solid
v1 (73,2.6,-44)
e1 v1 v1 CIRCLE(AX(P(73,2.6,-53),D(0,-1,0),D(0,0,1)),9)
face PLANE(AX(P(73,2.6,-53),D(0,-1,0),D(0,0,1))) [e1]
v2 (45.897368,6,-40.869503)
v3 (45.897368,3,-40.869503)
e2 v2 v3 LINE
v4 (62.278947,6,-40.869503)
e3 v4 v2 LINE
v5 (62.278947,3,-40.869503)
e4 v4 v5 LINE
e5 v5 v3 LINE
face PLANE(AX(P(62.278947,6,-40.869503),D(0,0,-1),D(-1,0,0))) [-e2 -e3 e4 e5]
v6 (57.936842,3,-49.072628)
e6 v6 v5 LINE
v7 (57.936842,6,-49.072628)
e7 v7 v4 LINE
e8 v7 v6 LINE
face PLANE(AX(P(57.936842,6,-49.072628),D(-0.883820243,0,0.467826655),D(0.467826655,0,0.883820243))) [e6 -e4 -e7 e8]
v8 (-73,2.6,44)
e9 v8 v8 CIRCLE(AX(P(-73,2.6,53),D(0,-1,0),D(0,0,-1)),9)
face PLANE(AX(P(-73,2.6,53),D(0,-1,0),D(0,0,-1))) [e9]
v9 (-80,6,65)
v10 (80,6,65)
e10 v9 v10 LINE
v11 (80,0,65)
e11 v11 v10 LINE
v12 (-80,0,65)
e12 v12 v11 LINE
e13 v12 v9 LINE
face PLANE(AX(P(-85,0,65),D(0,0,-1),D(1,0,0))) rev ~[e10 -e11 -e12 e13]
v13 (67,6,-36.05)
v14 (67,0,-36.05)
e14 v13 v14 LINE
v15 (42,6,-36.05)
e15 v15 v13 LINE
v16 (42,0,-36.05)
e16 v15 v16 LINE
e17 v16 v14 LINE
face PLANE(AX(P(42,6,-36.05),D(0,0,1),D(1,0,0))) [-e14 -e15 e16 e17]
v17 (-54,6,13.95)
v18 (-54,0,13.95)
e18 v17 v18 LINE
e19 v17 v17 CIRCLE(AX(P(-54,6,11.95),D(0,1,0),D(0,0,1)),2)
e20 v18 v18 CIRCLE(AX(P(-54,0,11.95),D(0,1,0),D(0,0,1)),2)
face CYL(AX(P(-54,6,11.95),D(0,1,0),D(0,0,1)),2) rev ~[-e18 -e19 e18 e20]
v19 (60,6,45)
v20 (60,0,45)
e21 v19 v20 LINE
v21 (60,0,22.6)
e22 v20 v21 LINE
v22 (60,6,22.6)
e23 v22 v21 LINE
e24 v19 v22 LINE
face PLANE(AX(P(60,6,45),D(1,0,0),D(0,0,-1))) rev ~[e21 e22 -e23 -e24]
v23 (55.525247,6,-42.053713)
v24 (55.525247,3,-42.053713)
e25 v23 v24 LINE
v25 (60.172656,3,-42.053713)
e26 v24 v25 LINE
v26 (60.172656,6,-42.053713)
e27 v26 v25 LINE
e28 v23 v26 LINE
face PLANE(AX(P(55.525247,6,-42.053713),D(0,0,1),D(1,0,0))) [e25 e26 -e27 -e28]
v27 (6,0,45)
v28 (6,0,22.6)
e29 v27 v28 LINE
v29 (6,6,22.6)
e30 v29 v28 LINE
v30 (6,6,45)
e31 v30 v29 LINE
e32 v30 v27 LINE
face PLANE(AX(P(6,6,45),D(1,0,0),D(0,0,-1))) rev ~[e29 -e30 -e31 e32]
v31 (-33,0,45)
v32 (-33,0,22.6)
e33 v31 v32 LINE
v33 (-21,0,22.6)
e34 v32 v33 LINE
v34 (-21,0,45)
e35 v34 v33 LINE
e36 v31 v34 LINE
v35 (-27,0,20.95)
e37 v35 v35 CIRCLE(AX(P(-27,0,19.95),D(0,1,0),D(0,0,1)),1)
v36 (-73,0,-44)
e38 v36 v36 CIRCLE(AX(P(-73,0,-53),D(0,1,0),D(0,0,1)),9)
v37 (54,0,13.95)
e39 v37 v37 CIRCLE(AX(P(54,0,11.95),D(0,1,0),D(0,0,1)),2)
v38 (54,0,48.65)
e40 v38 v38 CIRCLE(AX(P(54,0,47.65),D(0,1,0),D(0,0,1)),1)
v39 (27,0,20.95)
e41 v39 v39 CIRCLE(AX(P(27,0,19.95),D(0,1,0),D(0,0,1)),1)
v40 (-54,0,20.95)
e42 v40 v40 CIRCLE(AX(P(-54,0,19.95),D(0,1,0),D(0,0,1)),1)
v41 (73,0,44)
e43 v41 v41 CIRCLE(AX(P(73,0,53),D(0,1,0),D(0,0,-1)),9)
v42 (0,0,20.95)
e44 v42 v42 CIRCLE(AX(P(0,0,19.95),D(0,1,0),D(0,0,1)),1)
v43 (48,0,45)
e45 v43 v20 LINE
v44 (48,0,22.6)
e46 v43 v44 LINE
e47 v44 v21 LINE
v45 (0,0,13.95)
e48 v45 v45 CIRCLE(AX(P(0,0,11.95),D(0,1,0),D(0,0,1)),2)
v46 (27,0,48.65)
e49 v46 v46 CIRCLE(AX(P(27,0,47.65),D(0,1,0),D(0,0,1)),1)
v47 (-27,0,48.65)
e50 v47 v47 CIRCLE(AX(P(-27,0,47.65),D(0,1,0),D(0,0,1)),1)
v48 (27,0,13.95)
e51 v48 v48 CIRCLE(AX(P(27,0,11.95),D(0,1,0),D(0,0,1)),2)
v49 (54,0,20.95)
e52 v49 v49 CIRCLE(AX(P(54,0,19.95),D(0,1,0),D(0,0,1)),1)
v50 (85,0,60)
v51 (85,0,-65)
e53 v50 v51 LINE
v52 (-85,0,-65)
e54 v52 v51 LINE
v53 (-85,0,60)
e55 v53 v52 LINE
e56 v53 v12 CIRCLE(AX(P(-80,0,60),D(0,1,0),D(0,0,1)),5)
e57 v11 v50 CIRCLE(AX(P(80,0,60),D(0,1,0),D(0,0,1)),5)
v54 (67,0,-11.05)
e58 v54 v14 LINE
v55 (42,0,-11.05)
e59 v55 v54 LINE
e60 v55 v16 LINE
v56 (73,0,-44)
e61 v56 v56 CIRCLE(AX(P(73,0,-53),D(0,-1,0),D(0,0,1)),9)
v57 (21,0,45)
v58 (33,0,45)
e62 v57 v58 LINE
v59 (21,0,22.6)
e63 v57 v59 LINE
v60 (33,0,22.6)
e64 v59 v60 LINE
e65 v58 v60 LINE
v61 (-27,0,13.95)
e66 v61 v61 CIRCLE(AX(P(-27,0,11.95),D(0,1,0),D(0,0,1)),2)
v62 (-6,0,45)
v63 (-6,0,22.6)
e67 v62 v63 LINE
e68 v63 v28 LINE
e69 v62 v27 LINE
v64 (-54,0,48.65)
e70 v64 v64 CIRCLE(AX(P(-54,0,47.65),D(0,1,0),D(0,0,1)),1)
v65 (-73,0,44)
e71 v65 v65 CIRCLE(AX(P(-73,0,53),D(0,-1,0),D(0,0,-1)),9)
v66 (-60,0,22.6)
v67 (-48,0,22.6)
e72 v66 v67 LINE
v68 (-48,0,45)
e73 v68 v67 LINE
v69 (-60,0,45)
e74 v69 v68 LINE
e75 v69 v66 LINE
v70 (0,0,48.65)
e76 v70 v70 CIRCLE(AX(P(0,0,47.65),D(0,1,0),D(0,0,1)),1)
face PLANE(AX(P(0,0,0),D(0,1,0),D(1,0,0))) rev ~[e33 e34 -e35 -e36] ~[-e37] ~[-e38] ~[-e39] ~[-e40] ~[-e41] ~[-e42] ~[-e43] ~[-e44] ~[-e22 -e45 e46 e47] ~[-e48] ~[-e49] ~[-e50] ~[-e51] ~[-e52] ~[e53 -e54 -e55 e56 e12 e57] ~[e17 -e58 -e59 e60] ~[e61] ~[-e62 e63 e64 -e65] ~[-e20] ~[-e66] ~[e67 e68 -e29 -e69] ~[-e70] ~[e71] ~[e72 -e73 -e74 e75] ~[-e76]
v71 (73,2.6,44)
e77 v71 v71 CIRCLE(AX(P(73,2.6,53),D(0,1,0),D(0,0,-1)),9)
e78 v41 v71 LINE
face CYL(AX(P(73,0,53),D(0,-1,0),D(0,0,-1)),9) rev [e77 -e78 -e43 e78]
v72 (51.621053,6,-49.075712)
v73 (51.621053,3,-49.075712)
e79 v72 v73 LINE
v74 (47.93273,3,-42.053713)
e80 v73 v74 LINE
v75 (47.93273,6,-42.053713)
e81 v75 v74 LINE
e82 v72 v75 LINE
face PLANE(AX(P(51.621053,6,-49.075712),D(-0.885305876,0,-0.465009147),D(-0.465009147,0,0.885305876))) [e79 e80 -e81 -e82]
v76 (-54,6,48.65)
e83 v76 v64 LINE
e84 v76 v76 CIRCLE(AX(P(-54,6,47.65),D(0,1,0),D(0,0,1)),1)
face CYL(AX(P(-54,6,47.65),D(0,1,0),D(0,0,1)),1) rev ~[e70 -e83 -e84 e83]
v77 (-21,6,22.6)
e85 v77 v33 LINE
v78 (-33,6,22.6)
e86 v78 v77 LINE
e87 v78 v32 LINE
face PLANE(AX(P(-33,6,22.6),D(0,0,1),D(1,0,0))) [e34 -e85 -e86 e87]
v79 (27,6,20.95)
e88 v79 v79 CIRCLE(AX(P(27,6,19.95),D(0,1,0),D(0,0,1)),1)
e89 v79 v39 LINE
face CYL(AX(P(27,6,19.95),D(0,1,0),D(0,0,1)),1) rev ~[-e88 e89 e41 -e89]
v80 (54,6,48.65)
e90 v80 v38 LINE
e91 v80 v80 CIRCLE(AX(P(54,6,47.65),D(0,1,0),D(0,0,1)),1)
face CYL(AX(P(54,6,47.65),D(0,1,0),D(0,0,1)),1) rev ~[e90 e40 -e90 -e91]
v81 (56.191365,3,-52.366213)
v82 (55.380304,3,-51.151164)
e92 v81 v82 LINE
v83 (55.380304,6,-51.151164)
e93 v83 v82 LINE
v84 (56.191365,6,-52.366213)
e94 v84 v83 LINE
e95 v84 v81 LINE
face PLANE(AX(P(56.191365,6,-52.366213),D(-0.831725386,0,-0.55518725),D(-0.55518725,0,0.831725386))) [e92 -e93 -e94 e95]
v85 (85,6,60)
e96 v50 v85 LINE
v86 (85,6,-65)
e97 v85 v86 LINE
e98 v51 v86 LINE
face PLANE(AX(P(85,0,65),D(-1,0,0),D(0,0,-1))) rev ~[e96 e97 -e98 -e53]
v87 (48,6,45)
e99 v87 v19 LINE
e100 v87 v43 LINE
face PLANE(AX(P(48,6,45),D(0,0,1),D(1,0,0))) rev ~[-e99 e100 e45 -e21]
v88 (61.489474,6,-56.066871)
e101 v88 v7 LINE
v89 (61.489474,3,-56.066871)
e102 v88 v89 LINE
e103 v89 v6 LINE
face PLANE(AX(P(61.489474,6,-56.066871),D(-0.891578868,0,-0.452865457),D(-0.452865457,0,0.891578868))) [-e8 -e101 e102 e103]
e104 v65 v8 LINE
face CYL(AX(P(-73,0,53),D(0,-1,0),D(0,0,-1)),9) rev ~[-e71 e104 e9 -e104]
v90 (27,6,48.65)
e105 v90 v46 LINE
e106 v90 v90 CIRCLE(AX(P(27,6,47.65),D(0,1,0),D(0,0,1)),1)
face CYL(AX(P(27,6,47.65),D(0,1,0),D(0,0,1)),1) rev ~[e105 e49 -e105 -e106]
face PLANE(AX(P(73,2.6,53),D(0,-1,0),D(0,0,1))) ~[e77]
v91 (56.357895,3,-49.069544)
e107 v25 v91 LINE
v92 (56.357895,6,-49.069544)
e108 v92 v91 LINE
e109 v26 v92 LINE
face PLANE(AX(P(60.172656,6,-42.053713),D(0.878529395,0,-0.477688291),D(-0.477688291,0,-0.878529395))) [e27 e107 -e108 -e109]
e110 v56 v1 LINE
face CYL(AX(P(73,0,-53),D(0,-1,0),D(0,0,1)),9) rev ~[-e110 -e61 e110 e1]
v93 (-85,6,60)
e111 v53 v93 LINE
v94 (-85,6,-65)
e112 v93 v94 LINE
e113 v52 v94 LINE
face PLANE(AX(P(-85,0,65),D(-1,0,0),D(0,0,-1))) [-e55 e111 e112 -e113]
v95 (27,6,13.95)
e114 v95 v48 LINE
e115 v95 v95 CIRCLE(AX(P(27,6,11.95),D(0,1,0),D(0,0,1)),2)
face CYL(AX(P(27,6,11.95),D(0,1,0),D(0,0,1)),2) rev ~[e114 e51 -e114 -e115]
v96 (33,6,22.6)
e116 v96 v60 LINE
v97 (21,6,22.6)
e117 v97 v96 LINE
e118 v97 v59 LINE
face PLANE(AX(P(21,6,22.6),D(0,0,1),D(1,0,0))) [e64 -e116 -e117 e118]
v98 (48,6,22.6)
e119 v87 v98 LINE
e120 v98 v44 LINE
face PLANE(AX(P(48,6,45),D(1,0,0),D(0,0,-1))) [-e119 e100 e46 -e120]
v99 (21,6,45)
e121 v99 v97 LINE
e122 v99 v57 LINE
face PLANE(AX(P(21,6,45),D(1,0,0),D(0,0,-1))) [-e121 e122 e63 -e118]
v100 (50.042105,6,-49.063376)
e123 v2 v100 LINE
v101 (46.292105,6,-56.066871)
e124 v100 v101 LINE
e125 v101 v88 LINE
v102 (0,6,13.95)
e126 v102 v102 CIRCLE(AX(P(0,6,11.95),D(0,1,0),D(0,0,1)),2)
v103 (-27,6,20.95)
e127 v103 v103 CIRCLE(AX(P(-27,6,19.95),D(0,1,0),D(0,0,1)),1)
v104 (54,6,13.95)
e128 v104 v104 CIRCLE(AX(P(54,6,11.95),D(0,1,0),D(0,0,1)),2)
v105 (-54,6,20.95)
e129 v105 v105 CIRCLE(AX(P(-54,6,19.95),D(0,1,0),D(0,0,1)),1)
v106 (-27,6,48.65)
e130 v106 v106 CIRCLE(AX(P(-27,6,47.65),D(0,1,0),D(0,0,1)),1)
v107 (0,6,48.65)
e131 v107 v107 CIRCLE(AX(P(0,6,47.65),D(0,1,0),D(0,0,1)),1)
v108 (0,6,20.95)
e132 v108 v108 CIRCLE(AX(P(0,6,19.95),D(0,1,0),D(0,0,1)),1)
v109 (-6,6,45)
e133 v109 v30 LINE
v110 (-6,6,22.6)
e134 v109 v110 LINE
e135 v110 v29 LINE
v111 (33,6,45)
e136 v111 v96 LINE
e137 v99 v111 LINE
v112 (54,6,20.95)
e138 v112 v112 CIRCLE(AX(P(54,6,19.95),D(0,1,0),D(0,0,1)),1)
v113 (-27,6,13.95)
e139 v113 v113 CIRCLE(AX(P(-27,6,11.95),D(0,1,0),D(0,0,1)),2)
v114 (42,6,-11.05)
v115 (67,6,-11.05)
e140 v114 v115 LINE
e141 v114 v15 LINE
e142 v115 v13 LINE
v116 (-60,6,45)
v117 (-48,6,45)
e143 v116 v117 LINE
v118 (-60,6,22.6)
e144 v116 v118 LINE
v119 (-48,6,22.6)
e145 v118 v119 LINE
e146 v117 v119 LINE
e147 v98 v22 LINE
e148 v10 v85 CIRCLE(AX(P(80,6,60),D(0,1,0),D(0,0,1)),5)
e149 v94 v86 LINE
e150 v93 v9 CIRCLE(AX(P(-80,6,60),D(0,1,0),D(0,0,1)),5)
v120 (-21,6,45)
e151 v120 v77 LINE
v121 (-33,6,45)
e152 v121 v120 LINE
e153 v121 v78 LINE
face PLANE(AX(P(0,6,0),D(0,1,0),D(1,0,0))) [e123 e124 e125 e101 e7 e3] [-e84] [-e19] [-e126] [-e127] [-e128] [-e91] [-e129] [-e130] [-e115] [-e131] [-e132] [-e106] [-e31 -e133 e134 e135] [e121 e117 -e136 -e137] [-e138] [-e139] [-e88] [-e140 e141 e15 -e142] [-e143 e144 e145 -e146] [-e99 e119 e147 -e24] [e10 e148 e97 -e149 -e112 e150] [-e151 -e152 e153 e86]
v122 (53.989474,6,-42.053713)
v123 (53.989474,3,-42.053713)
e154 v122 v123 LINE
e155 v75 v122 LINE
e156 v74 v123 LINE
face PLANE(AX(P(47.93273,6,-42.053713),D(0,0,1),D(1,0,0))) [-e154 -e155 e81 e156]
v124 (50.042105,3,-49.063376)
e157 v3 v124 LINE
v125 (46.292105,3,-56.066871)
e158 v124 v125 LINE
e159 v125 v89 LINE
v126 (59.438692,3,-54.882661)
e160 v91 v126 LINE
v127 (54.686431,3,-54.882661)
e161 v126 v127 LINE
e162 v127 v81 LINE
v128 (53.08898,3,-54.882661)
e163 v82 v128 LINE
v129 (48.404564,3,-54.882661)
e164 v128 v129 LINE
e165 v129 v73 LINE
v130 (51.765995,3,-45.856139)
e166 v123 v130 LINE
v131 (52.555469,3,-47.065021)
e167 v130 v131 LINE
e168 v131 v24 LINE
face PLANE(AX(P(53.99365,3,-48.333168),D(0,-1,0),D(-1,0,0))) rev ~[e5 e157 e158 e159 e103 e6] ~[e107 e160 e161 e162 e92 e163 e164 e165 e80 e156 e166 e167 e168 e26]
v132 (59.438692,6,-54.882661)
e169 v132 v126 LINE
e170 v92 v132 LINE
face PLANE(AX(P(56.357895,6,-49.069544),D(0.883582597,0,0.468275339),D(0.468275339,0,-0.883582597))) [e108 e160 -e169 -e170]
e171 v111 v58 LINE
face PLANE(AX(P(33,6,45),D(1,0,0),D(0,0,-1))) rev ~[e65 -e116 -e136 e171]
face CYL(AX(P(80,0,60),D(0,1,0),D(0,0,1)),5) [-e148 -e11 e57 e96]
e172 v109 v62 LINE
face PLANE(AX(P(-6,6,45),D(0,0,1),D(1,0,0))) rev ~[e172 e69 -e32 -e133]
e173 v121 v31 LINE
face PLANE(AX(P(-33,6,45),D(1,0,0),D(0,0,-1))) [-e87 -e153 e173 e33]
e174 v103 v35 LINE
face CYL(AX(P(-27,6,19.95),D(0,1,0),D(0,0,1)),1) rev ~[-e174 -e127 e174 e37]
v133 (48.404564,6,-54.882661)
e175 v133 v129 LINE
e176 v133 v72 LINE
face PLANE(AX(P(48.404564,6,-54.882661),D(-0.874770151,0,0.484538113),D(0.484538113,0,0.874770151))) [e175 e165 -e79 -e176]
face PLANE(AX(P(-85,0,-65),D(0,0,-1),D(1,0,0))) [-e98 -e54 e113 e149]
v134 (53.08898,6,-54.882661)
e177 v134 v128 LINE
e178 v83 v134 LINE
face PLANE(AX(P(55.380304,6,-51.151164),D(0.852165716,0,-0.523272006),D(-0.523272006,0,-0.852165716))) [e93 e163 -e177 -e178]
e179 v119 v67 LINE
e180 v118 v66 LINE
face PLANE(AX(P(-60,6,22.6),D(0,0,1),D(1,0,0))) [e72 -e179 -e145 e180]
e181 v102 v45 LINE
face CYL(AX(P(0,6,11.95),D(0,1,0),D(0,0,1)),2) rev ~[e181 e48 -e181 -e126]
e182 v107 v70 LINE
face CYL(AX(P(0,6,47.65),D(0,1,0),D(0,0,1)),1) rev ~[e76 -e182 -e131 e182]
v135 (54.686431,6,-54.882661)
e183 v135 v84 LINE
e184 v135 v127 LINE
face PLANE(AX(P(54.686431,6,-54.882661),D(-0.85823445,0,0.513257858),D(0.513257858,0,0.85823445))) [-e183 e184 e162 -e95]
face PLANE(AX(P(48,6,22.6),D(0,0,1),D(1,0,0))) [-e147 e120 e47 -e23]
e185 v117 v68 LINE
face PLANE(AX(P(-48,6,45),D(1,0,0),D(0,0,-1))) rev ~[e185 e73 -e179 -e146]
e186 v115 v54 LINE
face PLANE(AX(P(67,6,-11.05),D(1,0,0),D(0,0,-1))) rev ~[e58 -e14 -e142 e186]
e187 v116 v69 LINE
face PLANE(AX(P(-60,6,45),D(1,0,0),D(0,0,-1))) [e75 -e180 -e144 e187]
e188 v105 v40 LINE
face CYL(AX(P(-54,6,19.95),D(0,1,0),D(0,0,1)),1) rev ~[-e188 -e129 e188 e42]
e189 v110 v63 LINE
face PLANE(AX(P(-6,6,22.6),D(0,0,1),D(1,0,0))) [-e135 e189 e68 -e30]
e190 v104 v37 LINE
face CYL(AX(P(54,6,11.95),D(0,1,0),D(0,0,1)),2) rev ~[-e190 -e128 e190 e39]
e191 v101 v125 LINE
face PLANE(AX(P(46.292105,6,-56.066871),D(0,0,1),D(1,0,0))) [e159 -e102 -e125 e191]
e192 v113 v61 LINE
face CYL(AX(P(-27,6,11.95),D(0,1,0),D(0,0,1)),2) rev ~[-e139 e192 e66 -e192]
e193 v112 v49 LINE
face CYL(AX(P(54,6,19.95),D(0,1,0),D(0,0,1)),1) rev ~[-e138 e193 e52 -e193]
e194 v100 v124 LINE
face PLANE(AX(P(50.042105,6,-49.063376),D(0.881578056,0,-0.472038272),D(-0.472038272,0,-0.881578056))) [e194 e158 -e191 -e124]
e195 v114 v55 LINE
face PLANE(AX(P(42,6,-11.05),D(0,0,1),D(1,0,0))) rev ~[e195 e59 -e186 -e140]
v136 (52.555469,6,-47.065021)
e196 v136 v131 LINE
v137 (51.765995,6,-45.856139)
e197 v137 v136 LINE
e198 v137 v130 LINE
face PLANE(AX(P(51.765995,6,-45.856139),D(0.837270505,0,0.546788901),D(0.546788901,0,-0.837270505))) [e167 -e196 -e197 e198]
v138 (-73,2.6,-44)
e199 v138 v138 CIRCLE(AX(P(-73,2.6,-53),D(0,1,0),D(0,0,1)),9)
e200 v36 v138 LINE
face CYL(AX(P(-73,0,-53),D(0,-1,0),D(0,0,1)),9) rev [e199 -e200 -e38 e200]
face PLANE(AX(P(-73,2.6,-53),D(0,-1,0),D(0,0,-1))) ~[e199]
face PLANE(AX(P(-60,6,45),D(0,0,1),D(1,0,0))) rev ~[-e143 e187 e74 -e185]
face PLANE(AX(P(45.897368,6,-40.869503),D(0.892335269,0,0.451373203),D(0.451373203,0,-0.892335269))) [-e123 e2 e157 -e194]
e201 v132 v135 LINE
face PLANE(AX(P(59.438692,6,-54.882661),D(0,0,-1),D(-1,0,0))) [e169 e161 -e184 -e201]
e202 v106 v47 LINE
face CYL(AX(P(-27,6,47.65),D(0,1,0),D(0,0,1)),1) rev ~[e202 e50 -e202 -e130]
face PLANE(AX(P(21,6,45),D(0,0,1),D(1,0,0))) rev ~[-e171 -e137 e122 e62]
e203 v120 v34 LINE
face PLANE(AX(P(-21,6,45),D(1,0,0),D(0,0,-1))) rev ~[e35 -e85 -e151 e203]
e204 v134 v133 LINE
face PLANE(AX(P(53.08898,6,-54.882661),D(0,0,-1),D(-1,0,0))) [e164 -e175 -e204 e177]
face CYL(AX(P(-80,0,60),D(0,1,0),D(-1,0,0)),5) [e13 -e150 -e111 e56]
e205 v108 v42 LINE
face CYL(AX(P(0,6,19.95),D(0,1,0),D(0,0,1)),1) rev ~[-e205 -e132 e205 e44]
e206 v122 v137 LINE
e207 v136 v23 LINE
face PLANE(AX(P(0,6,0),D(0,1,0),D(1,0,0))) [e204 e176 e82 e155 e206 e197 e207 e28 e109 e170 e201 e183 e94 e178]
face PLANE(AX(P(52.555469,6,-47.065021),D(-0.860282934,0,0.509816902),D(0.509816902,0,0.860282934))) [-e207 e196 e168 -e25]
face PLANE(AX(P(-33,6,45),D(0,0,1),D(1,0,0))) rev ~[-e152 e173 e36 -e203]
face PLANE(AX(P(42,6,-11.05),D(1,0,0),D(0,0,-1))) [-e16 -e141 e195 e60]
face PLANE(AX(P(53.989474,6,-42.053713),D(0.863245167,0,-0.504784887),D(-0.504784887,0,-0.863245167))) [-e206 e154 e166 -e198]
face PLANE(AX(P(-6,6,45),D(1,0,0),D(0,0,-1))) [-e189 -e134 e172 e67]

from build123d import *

# Parameters (mm, degrees)
SKETCH1_W               = 170
SKETCH1_H               = 130
BOSS_EXTRUDE1_DEPTH     = 6
SKETCH2_R               = 1
SKETCH2_R_2             = 2
SKETCH2_W               = 12
SKETCH2_H               = 22.4
CUT_EXTRUDE1_DEPTH      = 10
LPATTERN1_COUNT         = 5
LPATTERN1_PITCH         = 27
SKETCH8_W               = 25
SKETCH8_H               = 25
CUT_EXTRUDE5_DEPTH      = 108.172757733
FILLET2_R               = 5
SKETCH10_R              = 9
CUT_EXTRUDE6_DEPTH      = 2.6
MIRROR2_COPY_1_SKETCH_R = 9
MIRROR2_COPY_1_DEPTH    = 2.6
CUT_EXTRUDE7_DEPTH      = 3


with BuildPart() as part:
    # Sketch1 → Boss-Extrude1 (new body)
    with BuildSketch(Plane(origin=(0, 0, 0), x_dir=(1, 0, 0), z_dir=(0, 1, 0))):
        Rectangle(SKETCH1_W, SKETCH1_H)
    extrude(amount=BOSS_EXTRUDE1_DEPTH)

    # Sketch2 → Cut-Extrude1 (cut)
    with BuildSketch(Plane(origin=(0, 6, 0), x_dir=(1, 0, 0), z_dir=(0, 1, 0))):
        with Locations(Location((-54, -19.95, 0), (0, 0, 270))):
            Circle(SKETCH2_R)
        with Locations(Location((-54, -47.65, 0), (0, 0, 270))):
            Circle(SKETCH2_R)
        with Locations(Location((-54, -11.95, 0), (0, 0, 270))):
            Circle(SKETCH2_R_2)
        with Locations((-54, -33.8)):
            Rectangle(SKETCH2_W, SKETCH2_H)
    cut_extrude1 = extrude(amount=-CUT_EXTRUDE1_DEPTH, mode=Mode.SUBTRACT)

    # LPattern1: Cut-Extrude1 ×5
    with Locations(*[(i * LPATTERN1_PITCH, 0, 0) for i in range(1, LPATTERN1_COUNT)]):
        add(cut_extrude1, mode=Mode.SUBTRACT)

    # Sketch8 → Cut-Extrude5 (cut, through all)
    with BuildSketch(Plane(origin=(0, 6, 0), x_dir=(1, 0, 0), z_dir=(0, 1, 0))):
        with Locations((54.5, 23.55)):
            Rectangle(SKETCH8_W, SKETCH8_H)
    extrude(amount=-CUT_EXTRUDE5_DEPTH, mode=Mode.SUBTRACT)

    # Fillet2
    fillet2_edges = [part.edges().sort_by_distance(p)[0] for p in [
        (85, 3, 65),
        (-85, 3, 65),
    ]]
    fillet(fillet2_edges, radius=FILLET2_R)

    # Sketch10 → Cut-Extrude6 (cut)
    with BuildSketch(Plane.XZ):
        with Locations(Location((-73, 53, 0), (0, 0, 270))):
            Circle(SKETCH10_R)
    cut_extrude6 = extrude(amount=-CUT_EXTRUDE6_DEPTH, mode=Mode.SUBTRACT)

    # Mirror1: Cut-Extrude6 across plane
    add(cut_extrude6.mirror(Plane(origin=(0, 0, 0), x_dir=(0, 0, 1), z_dir=(1, 0, 0))), mode=Mode.SUBTRACT)

    # Mirror2: Cut-Extrude6 across plane
    add(cut_extrude6.mirror(Plane.XY), mode=Mode.SUBTRACT)

    # Mirror2 copy 1 sketch → Mirror2 copy 1 (cut)
    with BuildSketch(Plane(origin=(0, 0, 0), x_dir=(-1, 0, 0), z_dir=(0, -1, 0))):
        with Locations(Location((-73, 53, 0), (0, 0, 270))):
            Circle(MIRROR2_COPY_1_SKETCH_R)
    extrude(amount=-MIRROR2_COPY_1_DEPTH, mode=Mode.SUBTRACT)

    # Sketch11 → Cut-Extrude7 (cut)
    with BuildSketch(Plane(origin=(0, 6, 0), x_dir=(1, 0, 0), z_dir=(0, 1, 0))):
        Polygon((45.897368421, 40.869502872), (50.042105263, 49.063376227), (46.292105263, 56.066871293), (61.489473684, 56.066871293), (57.936842105, 49.072627872), (62.278947368, 40.869502872), align=None)
        Polygon((47.932730263, 42.053713398), (53.989473684, 42.053713398), (51.765995066, 45.856139385), (52.55546875, 47.065020964), (55.525246711, 42.053713398), (60.17265625, 42.053713398), (56.357894737, 49.069543991), (59.438692434, 54.882660767), (54.686430921, 54.882660767), (56.191365132, 52.366213398), (55.380304276, 51.151164056), (53.088980263, 54.882660767), (48.404564145, 54.882660767), (51.621052632, 49.075711754), align=None, mode=Mode.SUBTRACT)
    extrude(amount=-CUT_EXTRUDE7_DEPTH, mode=Mode.SUBTRACT)


solid = part.part
